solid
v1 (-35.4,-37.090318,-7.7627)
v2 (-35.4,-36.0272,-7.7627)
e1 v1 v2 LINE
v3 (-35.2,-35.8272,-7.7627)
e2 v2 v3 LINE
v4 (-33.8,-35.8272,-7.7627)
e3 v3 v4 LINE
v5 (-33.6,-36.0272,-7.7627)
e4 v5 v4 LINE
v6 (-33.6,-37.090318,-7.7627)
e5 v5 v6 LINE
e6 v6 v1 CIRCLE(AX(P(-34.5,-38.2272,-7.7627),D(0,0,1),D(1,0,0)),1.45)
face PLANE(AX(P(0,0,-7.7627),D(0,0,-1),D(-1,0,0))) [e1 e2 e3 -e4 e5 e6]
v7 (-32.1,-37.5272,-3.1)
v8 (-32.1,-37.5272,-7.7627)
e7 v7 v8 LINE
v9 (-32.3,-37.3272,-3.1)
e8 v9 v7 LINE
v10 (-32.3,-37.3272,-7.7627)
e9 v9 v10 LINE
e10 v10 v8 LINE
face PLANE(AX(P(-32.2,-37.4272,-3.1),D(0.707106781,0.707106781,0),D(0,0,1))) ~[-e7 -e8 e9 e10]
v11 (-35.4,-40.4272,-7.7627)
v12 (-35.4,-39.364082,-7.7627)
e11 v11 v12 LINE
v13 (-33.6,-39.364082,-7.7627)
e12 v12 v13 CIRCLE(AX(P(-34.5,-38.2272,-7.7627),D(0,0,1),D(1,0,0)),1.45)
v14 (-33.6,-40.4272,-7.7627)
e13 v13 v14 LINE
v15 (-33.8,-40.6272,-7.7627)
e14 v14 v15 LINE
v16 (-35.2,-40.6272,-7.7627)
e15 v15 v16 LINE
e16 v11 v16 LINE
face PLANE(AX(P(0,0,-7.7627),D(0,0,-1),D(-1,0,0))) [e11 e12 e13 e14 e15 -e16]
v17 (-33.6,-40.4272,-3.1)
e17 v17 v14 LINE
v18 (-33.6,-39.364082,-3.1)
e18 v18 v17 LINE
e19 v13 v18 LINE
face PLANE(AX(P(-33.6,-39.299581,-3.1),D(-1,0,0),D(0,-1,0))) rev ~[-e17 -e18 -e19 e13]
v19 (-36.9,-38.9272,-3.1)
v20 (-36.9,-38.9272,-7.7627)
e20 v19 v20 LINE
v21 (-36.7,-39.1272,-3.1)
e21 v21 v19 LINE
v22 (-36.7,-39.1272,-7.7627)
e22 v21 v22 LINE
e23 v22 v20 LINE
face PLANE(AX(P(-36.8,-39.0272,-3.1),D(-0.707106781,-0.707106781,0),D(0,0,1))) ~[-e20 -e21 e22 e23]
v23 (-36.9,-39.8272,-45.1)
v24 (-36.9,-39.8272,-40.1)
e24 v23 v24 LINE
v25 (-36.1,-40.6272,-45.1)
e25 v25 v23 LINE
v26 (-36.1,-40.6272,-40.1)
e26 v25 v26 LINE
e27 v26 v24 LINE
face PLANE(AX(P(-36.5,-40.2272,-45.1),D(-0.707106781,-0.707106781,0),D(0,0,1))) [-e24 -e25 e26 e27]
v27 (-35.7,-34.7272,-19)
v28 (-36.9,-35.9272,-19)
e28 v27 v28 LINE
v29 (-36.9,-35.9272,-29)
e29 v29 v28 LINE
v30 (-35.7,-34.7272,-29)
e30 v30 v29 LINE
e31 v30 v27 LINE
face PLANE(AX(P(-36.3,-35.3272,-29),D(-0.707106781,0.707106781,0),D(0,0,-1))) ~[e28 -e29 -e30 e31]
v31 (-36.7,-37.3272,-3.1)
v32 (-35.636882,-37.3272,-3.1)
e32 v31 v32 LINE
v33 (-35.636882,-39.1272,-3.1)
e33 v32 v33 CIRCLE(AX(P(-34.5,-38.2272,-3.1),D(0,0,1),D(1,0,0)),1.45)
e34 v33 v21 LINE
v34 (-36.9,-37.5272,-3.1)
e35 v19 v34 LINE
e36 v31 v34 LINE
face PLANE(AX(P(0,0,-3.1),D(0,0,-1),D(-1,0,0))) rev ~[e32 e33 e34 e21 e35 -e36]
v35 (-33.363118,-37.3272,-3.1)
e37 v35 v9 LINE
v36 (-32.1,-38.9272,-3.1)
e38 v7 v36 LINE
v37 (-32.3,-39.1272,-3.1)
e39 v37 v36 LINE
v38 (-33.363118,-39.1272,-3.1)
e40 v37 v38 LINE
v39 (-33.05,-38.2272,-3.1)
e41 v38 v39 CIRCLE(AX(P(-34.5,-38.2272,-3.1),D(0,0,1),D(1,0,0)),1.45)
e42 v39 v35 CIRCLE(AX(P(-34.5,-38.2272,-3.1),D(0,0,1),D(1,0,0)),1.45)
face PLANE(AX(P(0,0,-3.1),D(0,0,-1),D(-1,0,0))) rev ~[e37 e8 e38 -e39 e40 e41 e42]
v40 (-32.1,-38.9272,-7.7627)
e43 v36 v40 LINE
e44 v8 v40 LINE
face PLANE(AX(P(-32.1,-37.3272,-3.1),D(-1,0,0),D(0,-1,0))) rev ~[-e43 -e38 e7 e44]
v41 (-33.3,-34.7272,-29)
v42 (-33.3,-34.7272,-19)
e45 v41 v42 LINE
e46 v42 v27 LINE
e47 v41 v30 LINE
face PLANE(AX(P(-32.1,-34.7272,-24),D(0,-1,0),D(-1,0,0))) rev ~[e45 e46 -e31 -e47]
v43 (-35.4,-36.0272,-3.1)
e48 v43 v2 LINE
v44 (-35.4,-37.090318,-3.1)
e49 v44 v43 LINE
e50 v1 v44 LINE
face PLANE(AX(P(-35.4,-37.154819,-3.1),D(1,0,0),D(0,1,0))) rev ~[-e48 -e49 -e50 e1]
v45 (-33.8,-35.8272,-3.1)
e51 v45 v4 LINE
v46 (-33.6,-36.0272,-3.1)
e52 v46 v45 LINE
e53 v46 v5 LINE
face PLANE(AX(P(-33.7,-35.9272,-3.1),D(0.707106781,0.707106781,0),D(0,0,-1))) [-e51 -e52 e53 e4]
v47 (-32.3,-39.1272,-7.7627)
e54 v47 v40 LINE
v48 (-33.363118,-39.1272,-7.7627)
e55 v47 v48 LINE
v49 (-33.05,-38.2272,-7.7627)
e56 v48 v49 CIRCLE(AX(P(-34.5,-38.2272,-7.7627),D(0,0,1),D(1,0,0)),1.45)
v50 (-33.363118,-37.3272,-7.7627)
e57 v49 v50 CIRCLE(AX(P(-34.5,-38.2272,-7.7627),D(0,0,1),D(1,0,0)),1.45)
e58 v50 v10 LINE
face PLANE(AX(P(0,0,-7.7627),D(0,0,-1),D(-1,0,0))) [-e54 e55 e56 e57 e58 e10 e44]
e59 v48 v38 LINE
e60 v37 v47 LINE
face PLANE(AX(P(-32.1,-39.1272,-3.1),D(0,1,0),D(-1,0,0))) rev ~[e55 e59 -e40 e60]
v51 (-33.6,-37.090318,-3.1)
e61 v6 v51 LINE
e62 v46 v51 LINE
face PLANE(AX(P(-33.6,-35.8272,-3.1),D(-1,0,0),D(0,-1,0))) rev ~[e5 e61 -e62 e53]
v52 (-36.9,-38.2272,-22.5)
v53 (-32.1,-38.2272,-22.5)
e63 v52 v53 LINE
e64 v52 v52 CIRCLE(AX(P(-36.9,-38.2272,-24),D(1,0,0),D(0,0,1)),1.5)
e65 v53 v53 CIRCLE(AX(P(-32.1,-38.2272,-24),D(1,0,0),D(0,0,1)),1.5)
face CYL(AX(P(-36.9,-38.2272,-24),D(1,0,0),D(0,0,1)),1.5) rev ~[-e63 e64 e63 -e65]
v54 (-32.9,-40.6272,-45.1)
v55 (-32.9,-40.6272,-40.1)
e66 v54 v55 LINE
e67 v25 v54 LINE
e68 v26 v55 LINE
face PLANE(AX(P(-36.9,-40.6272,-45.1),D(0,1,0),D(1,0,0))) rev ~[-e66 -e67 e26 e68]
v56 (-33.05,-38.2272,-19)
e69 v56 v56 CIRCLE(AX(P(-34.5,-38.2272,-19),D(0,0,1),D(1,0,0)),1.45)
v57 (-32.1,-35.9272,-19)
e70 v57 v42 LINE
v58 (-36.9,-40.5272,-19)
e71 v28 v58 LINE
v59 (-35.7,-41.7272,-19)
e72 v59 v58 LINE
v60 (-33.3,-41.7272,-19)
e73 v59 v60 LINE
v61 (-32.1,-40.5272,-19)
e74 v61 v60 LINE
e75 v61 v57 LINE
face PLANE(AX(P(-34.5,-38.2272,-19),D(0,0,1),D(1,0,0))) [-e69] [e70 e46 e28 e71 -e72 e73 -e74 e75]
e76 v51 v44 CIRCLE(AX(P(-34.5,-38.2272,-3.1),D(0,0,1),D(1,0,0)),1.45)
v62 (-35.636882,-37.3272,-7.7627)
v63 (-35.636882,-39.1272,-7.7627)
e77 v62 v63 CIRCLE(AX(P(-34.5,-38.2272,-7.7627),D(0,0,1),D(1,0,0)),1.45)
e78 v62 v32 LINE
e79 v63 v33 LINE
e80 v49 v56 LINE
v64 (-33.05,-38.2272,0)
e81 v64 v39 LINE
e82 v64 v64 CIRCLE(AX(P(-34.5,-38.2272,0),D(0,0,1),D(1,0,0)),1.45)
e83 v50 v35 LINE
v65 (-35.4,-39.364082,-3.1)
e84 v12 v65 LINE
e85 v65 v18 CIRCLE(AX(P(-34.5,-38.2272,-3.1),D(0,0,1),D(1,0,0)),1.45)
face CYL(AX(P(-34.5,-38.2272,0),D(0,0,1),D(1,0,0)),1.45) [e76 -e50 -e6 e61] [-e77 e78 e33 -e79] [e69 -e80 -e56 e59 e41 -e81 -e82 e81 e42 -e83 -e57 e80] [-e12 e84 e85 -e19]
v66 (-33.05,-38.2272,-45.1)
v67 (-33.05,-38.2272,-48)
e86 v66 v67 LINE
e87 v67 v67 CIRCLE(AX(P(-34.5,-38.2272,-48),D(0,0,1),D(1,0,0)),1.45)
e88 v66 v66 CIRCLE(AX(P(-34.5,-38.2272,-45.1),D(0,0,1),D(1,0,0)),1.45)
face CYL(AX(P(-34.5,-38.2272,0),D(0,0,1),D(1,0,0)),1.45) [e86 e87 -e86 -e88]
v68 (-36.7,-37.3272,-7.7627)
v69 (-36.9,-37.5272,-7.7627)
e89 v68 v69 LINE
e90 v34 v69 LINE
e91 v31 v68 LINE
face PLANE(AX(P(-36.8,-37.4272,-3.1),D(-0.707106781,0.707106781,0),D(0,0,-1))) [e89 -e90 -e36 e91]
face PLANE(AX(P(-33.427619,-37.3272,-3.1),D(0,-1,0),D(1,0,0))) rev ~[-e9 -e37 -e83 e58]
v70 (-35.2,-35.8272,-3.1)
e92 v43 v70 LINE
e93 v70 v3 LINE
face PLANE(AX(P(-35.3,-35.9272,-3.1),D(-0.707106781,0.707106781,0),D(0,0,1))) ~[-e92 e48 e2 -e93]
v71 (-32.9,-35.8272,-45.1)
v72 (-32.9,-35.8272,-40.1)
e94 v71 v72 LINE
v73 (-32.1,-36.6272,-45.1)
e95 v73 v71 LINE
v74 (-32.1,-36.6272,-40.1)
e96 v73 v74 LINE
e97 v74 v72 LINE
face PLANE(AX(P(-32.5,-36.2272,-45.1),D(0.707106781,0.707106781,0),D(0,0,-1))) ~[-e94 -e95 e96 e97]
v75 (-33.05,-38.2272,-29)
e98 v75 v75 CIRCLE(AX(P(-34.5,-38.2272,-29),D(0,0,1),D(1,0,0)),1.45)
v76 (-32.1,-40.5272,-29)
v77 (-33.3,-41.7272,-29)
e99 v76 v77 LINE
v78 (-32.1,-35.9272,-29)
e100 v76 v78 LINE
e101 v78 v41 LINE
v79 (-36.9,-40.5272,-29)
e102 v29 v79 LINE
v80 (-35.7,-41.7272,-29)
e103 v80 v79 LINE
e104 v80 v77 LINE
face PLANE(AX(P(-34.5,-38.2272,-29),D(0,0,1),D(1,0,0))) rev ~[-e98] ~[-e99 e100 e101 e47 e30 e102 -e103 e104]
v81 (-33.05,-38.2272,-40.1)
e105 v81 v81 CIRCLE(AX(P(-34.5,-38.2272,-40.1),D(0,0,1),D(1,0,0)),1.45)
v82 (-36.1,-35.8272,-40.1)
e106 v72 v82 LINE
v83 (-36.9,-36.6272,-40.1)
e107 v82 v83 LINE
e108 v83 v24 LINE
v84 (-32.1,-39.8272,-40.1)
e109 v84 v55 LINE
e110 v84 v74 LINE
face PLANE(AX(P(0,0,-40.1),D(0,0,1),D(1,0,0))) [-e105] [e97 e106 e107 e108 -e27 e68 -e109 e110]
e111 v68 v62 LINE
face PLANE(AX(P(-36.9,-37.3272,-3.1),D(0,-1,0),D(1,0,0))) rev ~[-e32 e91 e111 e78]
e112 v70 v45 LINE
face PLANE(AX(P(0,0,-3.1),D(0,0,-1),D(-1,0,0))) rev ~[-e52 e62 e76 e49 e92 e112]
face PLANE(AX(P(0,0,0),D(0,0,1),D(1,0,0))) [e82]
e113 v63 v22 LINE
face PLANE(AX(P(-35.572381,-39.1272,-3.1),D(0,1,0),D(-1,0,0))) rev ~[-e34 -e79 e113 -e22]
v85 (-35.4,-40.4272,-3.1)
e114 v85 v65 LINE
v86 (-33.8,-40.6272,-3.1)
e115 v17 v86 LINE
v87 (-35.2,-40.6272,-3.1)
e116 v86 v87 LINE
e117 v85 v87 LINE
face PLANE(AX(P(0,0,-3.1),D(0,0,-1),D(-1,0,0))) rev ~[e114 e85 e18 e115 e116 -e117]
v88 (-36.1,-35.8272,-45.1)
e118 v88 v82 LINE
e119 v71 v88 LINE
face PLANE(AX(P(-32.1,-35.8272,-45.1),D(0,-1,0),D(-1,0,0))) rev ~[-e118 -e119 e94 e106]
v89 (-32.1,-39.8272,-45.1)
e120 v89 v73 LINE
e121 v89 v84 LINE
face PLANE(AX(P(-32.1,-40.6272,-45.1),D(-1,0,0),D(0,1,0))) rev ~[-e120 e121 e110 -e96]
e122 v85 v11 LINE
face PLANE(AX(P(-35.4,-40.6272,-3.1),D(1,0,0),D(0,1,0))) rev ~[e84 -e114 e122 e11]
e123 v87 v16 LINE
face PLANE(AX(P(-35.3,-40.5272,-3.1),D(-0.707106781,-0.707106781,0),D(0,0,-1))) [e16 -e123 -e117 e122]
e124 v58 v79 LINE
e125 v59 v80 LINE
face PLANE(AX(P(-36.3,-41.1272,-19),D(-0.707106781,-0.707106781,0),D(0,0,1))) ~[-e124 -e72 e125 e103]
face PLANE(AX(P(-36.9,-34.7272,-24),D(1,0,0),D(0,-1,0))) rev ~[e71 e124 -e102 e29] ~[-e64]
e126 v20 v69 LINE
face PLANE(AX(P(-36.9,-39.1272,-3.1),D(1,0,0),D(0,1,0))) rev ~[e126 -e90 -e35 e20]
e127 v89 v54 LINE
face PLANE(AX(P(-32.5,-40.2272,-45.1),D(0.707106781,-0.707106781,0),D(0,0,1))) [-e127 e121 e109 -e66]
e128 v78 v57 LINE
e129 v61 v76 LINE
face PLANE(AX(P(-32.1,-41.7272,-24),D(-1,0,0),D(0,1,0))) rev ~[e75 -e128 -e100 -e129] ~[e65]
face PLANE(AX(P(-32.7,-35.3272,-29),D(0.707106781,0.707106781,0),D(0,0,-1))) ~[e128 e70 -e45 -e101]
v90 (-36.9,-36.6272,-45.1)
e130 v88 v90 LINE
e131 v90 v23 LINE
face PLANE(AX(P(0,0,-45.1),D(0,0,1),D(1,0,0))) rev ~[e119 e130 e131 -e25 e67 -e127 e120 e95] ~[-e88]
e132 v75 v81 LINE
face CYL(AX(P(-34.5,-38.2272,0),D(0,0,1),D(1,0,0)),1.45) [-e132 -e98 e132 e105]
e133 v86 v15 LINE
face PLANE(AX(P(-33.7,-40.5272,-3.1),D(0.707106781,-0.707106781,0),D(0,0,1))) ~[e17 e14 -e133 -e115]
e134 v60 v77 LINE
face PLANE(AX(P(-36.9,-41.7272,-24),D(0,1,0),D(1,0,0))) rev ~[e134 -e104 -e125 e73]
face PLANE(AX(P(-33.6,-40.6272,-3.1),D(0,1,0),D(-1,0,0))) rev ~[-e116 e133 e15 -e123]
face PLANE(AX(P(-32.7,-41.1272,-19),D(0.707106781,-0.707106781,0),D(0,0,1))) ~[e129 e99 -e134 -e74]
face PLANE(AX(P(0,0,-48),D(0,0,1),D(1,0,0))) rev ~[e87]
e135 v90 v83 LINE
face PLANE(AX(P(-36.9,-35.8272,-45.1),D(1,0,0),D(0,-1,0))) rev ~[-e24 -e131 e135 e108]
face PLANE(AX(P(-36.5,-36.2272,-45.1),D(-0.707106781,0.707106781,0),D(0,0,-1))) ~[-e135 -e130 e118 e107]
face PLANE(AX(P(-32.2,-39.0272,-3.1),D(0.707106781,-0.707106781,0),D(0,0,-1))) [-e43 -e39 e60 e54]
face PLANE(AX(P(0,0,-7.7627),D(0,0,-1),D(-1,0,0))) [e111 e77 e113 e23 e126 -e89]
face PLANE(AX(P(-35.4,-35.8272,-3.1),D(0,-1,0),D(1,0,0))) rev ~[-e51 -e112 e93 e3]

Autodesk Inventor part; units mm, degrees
ref_plane "Plano de trabajo1" through (0, 0, 0) normal (0, 0, 1) x (1, 0, 0)
sketch "Boceto1" plane through (0, 0, 0) normal (0, 0, 1) x (1, 0, 0)
  circle A0 centre (-34.5, -38.2272) radius 1.45
  point P0 (0, 0)
  dimension "d0" = 2.9
ref_plane "Plano de trabajo2" through (-44.5, -51.5, -48) normal (0, 0, -1) x (0, 1, 0)
extrude "Extrusión1" add sketch "Boceto1" against normal up to surface (48 mm away)
ref_plane "Plano de trabajo3" through (0, 0, -45.1) normal (0, 0, 1) x (1, 0, 0)
sketch "Boceto2" plane through (0, 0, -45.1) normal (0, 0, 1) x (1, 0, 0)
  line L0 (-32.1, -35.8272) -> (-36.9, -35.8272)
  line L1 (-36.9, -35.8272) -> (-36.9, -40.6272)
  line L2 (-36.9, -40.6272) -> (-32.1, -40.6272)
  line L3 (-32.1, -40.6272) -> (-32.1, -35.8272)
  line L4 (-32.1, -35.8272) -> (-36.9, -40.6272) construction
  line L5 (-36.9, -35.8272) -> (-32.1, -40.6272) construction
  point P0 (0, 0)
  point P1 (-34.5, -38.2272)
  dimension "d3" = 4.8
  dimension "d4" = 4.8
extrude "Extrusión2" add sketch "Boceto2" along normal blind 5
chamfer "Chaflán1" distance 0.8 angle 45 4 edges at (-36.9, -40.6272, -42.6) (-36.9, -35.8272, -42.6) (-32.1, -35.8272, -42.6) (-32.1, -40.6272, -42.6)
ref_plane "Plano de trabajo4" through (0, 0, -3.1) normal (0, 0, -1) x (-1, 0, 0)
sketch "Boceto3" plane through (0, 0, -3.1) normal (0, 0, -1) x (-1, 0, 0)
  line L0 (32.1, -39.1272) -> (36.9, -39.1272)
  line L1 (36.9, -39.1272) -> (36.9, -37.3272)
  line L2 (36.9, -37.3272) -> (32.1, -37.3272)
  line L3 (32.1, -37.3272) -> (32.1, -39.1272)
  line L4 (32.1, -39.1272) -> (36.9, -37.3272) construction
  line L5 (36.9, -39.1272) -> (32.1, -37.3272) construction
  line L6 (33.6, -40.6272) -> (35.4, -40.6272)
  line L7 (35.4, -40.6272) -> (35.4, -35.8272)
  line L8 (35.4, -35.8272) -> (33.6, -35.8272)
  line L9 (33.6, -35.8272) -> (33.6, -40.6272)
  line L10 (33.6, -40.6272) -> (35.4, -35.8272) construction
  line L11 (35.4, -40.6272) -> (33.6, -35.8272) construction
  circle A0 centre (34.5, -38.2272) radius 1.4
  point P0 (0, 0)
  point P1 (35.5724, -37.3272)
  point P2 (35.4, -37.1548)
  point P3 (33.6, -37.1548)
  point P4 (33.4276, -37.3272)
  point P5 (33.4276, -39.1272)
  point P6 (33.6, -39.2996)
  point P7 (35.4, -39.2996)
  point P8 (35.5724, -39.1272)
  dimension "d12" = 1.8
  dimension "d13" = 4.8
  dimension "d14" = 2.8
ref_plane "Plano de trabajo5" through (-39.1917, -42.9189, -7.7627) normal (0, 0, -1) x (0, 1, 0)
extrude "Extrusión3" add sketch "Boceto3" along normal up to surface (4.6627 mm away)
chamfer "Chaflán2" distance 0.2 angle 45 8 edges at (-35.4, -35.8272, -5.4314) (-36.9, -37.3272, -5.4314) (-36.9, -39.1272, -5.4314) (-35.4, -40.6272, -5.4314) (-33.6, -40.6272, -5.4314) (-33.6, -35.8272, -5.4314) (-32.1, -37.3272, -5.4314) (-32.1, -39.1272, -5.4314)
ref_plane "Plano de trabajo6" through (-34.5, -38.2272, -24) normal (0, 0, 1) x (1, 0, 0)
sketch "Boceto4" plane through (-34.5, -38.2272, -24) normal (0, 0, 1) x (1, 0, 0)
  circle A0 centre (0, 0) radius 1.55 construction
  line L0 (2.4, 3.5) -> (-2.4, 3.5)
  line L1 (-2.4, 3.5) -> (-2.4, -3.5)
  line L2 (-2.4, -3.5) -> (2.4, -3.5)
  line L3 (2.4, -3.5) -> (2.4, 3.5)
  line L4 (2.4, 3.5) -> (-2.4, -3.5) construction
  line L5 (-2.4, 3.5) -> (2.4, -3.5) construction
  point P0 (34.5, 38.2272)
  dimension "d20" = 7
  dimension "d26" = 4.8
extrude "Extrusión4" add sketch "Boceto4" along normal mid plane 10
chamfer "Chaflán3" distance 1.2 angle 45 4 edges at (-36.9, -34.7272, -24) (-36.9, -41.7272, -24) (-32.1, -34.7272, -24) (-32.1, -41.7272, -24)
sketch "Boceto5" plane through (-36.9, -40.5272, -19) normal (-1, 0, 0) x (0, 0, 1)
  line L0 (-5, 48.8726) -> (-5, -9.5454) construction
  line L1 (-5, 2.3) -> (-5, -1.2) construction
  line L2 (-10, -1.2) -> (0, -1.2) construction
  line L3 (-5, 2.3) -> (-5, 5.8) construction
  line L4 (-10, 5.8) -> (0, 5.8) construction
  point P0 (19, 40.5272)
hole "Agujero1" at (-36.9, -38.2272, -24) direction (1, 0, 0) diameter 3 end through all
properties part number "EjeEngraneGrua"
